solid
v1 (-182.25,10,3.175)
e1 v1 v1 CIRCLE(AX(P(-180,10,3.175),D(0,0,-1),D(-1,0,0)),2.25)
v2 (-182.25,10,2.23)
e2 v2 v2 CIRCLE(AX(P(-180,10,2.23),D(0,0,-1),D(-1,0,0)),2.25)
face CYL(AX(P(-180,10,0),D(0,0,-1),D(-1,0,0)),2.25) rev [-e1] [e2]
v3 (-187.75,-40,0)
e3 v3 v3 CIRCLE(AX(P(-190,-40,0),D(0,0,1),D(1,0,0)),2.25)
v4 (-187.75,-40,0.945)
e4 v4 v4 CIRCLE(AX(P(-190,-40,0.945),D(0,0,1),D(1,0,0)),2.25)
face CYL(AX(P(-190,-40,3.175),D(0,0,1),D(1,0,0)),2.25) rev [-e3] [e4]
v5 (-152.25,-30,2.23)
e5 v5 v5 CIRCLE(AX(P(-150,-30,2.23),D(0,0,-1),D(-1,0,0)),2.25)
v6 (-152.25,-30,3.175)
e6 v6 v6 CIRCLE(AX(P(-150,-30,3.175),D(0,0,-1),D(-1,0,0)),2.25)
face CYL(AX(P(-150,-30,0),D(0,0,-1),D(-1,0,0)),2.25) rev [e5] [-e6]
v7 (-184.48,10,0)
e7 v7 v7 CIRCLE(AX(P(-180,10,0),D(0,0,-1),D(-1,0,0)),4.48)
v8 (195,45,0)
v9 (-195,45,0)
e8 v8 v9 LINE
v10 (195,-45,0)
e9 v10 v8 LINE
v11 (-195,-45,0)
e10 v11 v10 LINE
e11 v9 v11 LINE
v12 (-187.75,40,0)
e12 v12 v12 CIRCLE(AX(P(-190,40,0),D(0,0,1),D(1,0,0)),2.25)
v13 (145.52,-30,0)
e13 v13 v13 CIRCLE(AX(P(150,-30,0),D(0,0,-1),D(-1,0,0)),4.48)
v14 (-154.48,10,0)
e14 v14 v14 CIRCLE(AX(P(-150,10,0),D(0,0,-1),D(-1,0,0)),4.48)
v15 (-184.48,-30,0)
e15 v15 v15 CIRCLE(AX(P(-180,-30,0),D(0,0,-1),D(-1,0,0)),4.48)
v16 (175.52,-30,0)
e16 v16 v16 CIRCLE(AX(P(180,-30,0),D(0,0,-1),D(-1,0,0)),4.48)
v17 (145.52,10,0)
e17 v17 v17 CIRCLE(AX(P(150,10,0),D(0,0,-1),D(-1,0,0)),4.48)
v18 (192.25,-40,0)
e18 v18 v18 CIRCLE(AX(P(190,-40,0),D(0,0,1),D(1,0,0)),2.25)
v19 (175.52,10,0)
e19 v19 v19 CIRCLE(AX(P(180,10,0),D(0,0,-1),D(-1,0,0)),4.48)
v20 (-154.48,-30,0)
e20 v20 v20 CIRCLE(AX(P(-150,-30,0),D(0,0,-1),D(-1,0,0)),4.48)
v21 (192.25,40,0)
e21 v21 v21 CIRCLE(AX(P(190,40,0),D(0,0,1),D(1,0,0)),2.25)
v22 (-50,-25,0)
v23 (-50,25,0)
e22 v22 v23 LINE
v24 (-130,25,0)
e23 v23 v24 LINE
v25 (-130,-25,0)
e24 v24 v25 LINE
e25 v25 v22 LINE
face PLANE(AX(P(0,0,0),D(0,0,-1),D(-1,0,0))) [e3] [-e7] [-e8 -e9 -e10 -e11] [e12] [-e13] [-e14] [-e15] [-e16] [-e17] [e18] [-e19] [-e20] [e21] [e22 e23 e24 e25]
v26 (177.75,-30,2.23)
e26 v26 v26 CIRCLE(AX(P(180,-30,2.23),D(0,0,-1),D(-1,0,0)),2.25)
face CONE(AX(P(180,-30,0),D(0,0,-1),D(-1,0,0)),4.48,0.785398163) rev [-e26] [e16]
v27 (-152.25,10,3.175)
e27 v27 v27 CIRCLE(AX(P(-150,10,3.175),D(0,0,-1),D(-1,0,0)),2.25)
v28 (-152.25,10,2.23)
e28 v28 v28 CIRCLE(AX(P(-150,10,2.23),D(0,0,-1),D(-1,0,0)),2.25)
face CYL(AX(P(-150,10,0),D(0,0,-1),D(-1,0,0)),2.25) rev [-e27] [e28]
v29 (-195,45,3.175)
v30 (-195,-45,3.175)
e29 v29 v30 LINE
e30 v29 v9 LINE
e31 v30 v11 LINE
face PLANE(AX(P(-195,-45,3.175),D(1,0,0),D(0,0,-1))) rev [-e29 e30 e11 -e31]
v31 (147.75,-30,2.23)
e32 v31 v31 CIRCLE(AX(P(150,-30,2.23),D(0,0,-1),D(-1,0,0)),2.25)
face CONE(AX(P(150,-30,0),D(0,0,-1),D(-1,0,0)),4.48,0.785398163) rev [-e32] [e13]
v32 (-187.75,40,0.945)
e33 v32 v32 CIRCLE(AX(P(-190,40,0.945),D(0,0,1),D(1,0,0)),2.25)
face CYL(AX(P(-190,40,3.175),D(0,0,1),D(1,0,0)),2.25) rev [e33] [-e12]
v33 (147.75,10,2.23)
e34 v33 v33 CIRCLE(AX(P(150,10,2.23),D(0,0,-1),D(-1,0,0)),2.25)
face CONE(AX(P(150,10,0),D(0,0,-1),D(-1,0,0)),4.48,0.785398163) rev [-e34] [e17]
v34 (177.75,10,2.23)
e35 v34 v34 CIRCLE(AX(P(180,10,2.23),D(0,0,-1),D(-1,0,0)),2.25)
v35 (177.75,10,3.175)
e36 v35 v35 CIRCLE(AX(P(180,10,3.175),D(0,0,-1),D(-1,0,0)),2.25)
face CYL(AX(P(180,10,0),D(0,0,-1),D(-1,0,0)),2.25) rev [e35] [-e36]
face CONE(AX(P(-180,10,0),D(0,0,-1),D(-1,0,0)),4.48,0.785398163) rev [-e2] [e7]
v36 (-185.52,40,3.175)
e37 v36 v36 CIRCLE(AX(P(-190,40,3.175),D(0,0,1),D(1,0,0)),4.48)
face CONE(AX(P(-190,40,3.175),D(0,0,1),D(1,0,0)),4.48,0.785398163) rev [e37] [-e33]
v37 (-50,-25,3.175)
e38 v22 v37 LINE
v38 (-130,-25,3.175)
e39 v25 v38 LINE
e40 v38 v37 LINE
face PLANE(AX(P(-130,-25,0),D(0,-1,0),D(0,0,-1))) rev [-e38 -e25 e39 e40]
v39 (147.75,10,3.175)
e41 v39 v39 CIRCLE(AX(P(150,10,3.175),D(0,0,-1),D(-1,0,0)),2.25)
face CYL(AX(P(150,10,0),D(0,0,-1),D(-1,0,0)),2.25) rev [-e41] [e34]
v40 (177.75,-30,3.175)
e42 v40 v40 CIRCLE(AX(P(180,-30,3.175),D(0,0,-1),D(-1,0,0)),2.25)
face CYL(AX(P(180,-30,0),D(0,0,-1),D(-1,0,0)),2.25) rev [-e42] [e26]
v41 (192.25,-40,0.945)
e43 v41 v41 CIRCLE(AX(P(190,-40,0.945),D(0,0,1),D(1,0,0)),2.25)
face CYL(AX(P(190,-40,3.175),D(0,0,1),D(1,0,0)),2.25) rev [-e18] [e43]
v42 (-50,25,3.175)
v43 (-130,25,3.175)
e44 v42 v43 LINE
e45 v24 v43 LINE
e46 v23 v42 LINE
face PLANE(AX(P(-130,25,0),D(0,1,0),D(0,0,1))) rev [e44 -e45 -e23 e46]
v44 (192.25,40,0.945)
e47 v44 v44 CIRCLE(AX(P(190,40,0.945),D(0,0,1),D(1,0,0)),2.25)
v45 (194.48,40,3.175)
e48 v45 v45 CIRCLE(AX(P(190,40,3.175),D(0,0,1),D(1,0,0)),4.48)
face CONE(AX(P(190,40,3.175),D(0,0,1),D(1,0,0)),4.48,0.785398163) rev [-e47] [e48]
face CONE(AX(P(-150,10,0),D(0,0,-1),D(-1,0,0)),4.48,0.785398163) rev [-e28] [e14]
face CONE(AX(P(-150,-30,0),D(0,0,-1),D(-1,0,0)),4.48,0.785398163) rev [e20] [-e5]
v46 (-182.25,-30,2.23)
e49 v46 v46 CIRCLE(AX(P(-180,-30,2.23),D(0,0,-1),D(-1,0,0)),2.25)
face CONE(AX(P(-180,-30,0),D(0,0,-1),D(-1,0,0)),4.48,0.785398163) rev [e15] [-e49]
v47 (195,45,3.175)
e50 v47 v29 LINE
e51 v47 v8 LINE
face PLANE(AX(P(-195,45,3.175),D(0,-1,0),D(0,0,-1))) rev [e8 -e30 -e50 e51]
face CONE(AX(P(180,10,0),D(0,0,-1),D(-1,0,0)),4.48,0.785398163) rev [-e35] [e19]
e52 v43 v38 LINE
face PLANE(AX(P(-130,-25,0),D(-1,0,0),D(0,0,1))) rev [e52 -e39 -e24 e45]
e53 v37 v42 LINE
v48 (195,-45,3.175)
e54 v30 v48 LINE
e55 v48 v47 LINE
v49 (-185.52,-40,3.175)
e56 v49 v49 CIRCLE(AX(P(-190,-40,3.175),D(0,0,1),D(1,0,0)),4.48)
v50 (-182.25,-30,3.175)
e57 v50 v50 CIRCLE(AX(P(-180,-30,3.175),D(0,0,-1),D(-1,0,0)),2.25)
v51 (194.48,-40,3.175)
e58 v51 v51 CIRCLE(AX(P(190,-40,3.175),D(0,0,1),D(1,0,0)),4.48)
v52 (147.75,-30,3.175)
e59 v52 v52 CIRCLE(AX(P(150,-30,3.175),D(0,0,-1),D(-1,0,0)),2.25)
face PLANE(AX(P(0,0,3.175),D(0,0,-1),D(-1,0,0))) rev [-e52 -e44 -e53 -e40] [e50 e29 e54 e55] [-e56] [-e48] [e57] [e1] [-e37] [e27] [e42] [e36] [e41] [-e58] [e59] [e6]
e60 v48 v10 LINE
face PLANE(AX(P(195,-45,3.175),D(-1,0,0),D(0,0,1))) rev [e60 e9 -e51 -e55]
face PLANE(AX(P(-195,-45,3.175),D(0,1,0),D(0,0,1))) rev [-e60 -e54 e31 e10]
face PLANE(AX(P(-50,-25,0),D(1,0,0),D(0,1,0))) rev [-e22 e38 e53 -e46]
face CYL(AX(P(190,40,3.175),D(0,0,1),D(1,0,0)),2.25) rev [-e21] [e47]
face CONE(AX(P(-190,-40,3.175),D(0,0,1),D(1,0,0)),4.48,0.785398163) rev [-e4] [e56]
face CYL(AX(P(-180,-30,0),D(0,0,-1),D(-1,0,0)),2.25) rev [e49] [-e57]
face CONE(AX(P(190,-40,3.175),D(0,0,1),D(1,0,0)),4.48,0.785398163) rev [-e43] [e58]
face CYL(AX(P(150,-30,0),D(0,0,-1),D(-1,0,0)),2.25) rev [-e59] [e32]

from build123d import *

# Parameters (mm, degrees)
SKETCH1_W                    = 390
SKETCH1_H                    = 90
BOSS_EXTRUDE1_DEPTH          = 3.175
CSK_FOR_M4_SFHCS1_AT_2_COUNT = 2
CSK_FOR_M4_SFHCS1_AT_2_PITCH = 50
CSK_FOR_M4_SFHCS1_AT_3_COUNT = 2
CSK_FOR_M4_SFHCS1_AT_3_PITCH = 30
CSK_FOR_M4_SFHCS1_AT_4_COUNT = 2
CSK_FOR_M4_SFHCS1_AT_4_PITCH = 40
CSK_FOR_M4_SFHCS3_AT_2_COUNT = 2
CSK_FOR_M4_SFHCS3_AT_2_PITCH = 80
SKETCH8_W                    = 80
SKETCH8_H                    = 50
CUT_EXTRUDE1_DEPTH           = 3.175


with BuildPart() as part:
    # Sketch1 → Boss-Extrude1 (new body)
    with BuildSketch(Plane.XY):
        Rectangle(SKETCH1_W, SKETCH1_H)
    extrude(amount=BOSS_EXTRUDE1_DEPTH)

    # Sketch5 → CSK for M4 SFHCS1 (revolve, cut)
    with BuildSketch(Plane(origin=(150, 10, 0), x_dir=(0, 1, 0), z_dir=(1, 0, 0))):
        Polygon((0, 0), (0, 3.175), (2.25, 3.175), (2.25, 2.23), (4.48, 0), align=None)
    csk_for_m4_sfhcs1 = revolve(axis=Axis((150, 10, -6.35), (0, 0, 1)), mode=Mode.SUBTRACT)

    # CSK for M4 SFHCS1 at 2: CSK for M4 SFHCS1 ×2
    with Locations(*[Vector(0.6, -0.8, 0) * (i * CSK_FOR_M4_SFHCS1_AT_2_PITCH) for i in range(1, CSK_FOR_M4_SFHCS1_AT_2_COUNT)]):
        add(csk_for_m4_sfhcs1, mode=Mode.SUBTRACT)

    # CSK for M4 SFHCS1 at 3: CSK for M4 SFHCS1 ×2
    with Locations(*[(i * CSK_FOR_M4_SFHCS1_AT_3_PITCH, 0, 0) for i in range(1, CSK_FOR_M4_SFHCS1_AT_3_COUNT)]):
        add(csk_for_m4_sfhcs1, mode=Mode.SUBTRACT)

    # CSK for M4 SFHCS1 at 4: CSK for M4 SFHCS1 ×2
    with Locations(*[(0, -i * CSK_FOR_M4_SFHCS1_AT_4_PITCH, 0) for i in range(1, CSK_FOR_M4_SFHCS1_AT_4_COUNT)]):
        add(csk_for_m4_sfhcs1, mode=Mode.SUBTRACT)

    # Sketch7 → CSK for M4 SFHCS3 (revolve, cut)
    with BuildSketch(Plane(origin=(190, 40, 3.175), x_dir=(0, -1, 0), z_dir=(1, 0, 0))):
        Polygon((0, 0), (0, 3.175), (2.25, 3.175), (2.25, 2.23), (4.48, 0), align=None)
    csk_for_m4_sfhcs3 = revolve(axis=Axis((190, 40, 9.525), (0, 0, -1)), mode=Mode.SUBTRACT)

    # CSK for M4 SFHCS3 at 2: CSK for M4 SFHCS3 ×2
    with Locations(*[(0, -i * CSK_FOR_M4_SFHCS3_AT_2_PITCH, 0) for i in range(1, CSK_FOR_M4_SFHCS3_AT_2_COUNT)]):
        add(csk_for_m4_sfhcs3, mode=Mode.SUBTRACT)

    # Mirror1: CSK for M4 SFHCS1, CSK for M4 SFHCS3 across plane
    add(csk_for_m4_sfhcs1.mirror(Plane(origin=(0, 0, 0), x_dir=(0, 0, 1), z_dir=(1, 0, 0))), mode=Mode.SUBTRACT)
    add(csk_for_m4_sfhcs3.mirror(Plane(origin=(0, 0, 0), x_dir=(0, 0, 1), z_dir=(1, 0, 0))), mode=Mode.SUBTRACT)

    # Mirror1 copy 1 sketch → Mirror1 copy 1 (revolve, cut)
    with BuildSketch(Plane(origin=(-180, -30, 0), x_dir=(0, 1, 0), z_dir=(-1, 0, 0))):
        Polygon((0, 0), (0, -3.175), (2.25, -3.175), (2.25, -2.23), (4.48, 0), align=None)
    revolve(axis=Axis((-180, -30, -6.35), (0, 0, -1)), mode=Mode.SUBTRACT)

    # Mirror1 copy 2 sketch → Mirror1 copy 2 (revolve, cut)
    with BuildSketch(Plane(origin=(-180, 10, 0), x_dir=(0, 1, 0), z_dir=(-1, 0, 0))):
        Polygon((0, 0), (0, -3.175), (2.25, -3.175), (2.25, -2.23), (4.48, 0), align=None)
    revolve(axis=Axis((-180, 10, -6.35), (0, 0, -1)), mode=Mode.SUBTRACT)

    # Mirror1 copy 3 sketch → Mirror1 copy 3 (revolve, cut)
    with BuildSketch(Plane(origin=(-150, -30, 0), x_dir=(0, 1, 0), z_dir=(-1, 0, 0))):
        Polygon((0, 0), (0, -3.175), (2.25, -3.175), (2.25, -2.23), (4.48, 0), align=None)
    revolve(axis=Axis((-150, -30, -6.35), (0, 0, -1)), mode=Mode.SUBTRACT)

    # Mirror1 copy 4 sketch → Mirror1 copy 4 (revolve, cut)
    with BuildSketch(Plane(origin=(-190, -40, 3.175), x_dir=(0, -1, 0), z_dir=(-1, 0, 0))):
        Polygon((0, 0), (0, -3.175), (2.25, -3.175), (2.25, -2.23), (4.48, 0), align=None)
    revolve(axis=Axis((-190, -40, 9.525), (0, 0, 1)), mode=Mode.SUBTRACT)

    # Sketch8 → Cut-Extrude1 (cut)
    with BuildSketch(Plane.XY.offset(3.175)):
        with Locations((-90, 0)):
            Rectangle(SKETCH8_W, SKETCH8_H)
    extrude(amount=-CUT_EXTRUDE1_DEPTH, mode=Mode.SUBTRACT)


solid = part.part
